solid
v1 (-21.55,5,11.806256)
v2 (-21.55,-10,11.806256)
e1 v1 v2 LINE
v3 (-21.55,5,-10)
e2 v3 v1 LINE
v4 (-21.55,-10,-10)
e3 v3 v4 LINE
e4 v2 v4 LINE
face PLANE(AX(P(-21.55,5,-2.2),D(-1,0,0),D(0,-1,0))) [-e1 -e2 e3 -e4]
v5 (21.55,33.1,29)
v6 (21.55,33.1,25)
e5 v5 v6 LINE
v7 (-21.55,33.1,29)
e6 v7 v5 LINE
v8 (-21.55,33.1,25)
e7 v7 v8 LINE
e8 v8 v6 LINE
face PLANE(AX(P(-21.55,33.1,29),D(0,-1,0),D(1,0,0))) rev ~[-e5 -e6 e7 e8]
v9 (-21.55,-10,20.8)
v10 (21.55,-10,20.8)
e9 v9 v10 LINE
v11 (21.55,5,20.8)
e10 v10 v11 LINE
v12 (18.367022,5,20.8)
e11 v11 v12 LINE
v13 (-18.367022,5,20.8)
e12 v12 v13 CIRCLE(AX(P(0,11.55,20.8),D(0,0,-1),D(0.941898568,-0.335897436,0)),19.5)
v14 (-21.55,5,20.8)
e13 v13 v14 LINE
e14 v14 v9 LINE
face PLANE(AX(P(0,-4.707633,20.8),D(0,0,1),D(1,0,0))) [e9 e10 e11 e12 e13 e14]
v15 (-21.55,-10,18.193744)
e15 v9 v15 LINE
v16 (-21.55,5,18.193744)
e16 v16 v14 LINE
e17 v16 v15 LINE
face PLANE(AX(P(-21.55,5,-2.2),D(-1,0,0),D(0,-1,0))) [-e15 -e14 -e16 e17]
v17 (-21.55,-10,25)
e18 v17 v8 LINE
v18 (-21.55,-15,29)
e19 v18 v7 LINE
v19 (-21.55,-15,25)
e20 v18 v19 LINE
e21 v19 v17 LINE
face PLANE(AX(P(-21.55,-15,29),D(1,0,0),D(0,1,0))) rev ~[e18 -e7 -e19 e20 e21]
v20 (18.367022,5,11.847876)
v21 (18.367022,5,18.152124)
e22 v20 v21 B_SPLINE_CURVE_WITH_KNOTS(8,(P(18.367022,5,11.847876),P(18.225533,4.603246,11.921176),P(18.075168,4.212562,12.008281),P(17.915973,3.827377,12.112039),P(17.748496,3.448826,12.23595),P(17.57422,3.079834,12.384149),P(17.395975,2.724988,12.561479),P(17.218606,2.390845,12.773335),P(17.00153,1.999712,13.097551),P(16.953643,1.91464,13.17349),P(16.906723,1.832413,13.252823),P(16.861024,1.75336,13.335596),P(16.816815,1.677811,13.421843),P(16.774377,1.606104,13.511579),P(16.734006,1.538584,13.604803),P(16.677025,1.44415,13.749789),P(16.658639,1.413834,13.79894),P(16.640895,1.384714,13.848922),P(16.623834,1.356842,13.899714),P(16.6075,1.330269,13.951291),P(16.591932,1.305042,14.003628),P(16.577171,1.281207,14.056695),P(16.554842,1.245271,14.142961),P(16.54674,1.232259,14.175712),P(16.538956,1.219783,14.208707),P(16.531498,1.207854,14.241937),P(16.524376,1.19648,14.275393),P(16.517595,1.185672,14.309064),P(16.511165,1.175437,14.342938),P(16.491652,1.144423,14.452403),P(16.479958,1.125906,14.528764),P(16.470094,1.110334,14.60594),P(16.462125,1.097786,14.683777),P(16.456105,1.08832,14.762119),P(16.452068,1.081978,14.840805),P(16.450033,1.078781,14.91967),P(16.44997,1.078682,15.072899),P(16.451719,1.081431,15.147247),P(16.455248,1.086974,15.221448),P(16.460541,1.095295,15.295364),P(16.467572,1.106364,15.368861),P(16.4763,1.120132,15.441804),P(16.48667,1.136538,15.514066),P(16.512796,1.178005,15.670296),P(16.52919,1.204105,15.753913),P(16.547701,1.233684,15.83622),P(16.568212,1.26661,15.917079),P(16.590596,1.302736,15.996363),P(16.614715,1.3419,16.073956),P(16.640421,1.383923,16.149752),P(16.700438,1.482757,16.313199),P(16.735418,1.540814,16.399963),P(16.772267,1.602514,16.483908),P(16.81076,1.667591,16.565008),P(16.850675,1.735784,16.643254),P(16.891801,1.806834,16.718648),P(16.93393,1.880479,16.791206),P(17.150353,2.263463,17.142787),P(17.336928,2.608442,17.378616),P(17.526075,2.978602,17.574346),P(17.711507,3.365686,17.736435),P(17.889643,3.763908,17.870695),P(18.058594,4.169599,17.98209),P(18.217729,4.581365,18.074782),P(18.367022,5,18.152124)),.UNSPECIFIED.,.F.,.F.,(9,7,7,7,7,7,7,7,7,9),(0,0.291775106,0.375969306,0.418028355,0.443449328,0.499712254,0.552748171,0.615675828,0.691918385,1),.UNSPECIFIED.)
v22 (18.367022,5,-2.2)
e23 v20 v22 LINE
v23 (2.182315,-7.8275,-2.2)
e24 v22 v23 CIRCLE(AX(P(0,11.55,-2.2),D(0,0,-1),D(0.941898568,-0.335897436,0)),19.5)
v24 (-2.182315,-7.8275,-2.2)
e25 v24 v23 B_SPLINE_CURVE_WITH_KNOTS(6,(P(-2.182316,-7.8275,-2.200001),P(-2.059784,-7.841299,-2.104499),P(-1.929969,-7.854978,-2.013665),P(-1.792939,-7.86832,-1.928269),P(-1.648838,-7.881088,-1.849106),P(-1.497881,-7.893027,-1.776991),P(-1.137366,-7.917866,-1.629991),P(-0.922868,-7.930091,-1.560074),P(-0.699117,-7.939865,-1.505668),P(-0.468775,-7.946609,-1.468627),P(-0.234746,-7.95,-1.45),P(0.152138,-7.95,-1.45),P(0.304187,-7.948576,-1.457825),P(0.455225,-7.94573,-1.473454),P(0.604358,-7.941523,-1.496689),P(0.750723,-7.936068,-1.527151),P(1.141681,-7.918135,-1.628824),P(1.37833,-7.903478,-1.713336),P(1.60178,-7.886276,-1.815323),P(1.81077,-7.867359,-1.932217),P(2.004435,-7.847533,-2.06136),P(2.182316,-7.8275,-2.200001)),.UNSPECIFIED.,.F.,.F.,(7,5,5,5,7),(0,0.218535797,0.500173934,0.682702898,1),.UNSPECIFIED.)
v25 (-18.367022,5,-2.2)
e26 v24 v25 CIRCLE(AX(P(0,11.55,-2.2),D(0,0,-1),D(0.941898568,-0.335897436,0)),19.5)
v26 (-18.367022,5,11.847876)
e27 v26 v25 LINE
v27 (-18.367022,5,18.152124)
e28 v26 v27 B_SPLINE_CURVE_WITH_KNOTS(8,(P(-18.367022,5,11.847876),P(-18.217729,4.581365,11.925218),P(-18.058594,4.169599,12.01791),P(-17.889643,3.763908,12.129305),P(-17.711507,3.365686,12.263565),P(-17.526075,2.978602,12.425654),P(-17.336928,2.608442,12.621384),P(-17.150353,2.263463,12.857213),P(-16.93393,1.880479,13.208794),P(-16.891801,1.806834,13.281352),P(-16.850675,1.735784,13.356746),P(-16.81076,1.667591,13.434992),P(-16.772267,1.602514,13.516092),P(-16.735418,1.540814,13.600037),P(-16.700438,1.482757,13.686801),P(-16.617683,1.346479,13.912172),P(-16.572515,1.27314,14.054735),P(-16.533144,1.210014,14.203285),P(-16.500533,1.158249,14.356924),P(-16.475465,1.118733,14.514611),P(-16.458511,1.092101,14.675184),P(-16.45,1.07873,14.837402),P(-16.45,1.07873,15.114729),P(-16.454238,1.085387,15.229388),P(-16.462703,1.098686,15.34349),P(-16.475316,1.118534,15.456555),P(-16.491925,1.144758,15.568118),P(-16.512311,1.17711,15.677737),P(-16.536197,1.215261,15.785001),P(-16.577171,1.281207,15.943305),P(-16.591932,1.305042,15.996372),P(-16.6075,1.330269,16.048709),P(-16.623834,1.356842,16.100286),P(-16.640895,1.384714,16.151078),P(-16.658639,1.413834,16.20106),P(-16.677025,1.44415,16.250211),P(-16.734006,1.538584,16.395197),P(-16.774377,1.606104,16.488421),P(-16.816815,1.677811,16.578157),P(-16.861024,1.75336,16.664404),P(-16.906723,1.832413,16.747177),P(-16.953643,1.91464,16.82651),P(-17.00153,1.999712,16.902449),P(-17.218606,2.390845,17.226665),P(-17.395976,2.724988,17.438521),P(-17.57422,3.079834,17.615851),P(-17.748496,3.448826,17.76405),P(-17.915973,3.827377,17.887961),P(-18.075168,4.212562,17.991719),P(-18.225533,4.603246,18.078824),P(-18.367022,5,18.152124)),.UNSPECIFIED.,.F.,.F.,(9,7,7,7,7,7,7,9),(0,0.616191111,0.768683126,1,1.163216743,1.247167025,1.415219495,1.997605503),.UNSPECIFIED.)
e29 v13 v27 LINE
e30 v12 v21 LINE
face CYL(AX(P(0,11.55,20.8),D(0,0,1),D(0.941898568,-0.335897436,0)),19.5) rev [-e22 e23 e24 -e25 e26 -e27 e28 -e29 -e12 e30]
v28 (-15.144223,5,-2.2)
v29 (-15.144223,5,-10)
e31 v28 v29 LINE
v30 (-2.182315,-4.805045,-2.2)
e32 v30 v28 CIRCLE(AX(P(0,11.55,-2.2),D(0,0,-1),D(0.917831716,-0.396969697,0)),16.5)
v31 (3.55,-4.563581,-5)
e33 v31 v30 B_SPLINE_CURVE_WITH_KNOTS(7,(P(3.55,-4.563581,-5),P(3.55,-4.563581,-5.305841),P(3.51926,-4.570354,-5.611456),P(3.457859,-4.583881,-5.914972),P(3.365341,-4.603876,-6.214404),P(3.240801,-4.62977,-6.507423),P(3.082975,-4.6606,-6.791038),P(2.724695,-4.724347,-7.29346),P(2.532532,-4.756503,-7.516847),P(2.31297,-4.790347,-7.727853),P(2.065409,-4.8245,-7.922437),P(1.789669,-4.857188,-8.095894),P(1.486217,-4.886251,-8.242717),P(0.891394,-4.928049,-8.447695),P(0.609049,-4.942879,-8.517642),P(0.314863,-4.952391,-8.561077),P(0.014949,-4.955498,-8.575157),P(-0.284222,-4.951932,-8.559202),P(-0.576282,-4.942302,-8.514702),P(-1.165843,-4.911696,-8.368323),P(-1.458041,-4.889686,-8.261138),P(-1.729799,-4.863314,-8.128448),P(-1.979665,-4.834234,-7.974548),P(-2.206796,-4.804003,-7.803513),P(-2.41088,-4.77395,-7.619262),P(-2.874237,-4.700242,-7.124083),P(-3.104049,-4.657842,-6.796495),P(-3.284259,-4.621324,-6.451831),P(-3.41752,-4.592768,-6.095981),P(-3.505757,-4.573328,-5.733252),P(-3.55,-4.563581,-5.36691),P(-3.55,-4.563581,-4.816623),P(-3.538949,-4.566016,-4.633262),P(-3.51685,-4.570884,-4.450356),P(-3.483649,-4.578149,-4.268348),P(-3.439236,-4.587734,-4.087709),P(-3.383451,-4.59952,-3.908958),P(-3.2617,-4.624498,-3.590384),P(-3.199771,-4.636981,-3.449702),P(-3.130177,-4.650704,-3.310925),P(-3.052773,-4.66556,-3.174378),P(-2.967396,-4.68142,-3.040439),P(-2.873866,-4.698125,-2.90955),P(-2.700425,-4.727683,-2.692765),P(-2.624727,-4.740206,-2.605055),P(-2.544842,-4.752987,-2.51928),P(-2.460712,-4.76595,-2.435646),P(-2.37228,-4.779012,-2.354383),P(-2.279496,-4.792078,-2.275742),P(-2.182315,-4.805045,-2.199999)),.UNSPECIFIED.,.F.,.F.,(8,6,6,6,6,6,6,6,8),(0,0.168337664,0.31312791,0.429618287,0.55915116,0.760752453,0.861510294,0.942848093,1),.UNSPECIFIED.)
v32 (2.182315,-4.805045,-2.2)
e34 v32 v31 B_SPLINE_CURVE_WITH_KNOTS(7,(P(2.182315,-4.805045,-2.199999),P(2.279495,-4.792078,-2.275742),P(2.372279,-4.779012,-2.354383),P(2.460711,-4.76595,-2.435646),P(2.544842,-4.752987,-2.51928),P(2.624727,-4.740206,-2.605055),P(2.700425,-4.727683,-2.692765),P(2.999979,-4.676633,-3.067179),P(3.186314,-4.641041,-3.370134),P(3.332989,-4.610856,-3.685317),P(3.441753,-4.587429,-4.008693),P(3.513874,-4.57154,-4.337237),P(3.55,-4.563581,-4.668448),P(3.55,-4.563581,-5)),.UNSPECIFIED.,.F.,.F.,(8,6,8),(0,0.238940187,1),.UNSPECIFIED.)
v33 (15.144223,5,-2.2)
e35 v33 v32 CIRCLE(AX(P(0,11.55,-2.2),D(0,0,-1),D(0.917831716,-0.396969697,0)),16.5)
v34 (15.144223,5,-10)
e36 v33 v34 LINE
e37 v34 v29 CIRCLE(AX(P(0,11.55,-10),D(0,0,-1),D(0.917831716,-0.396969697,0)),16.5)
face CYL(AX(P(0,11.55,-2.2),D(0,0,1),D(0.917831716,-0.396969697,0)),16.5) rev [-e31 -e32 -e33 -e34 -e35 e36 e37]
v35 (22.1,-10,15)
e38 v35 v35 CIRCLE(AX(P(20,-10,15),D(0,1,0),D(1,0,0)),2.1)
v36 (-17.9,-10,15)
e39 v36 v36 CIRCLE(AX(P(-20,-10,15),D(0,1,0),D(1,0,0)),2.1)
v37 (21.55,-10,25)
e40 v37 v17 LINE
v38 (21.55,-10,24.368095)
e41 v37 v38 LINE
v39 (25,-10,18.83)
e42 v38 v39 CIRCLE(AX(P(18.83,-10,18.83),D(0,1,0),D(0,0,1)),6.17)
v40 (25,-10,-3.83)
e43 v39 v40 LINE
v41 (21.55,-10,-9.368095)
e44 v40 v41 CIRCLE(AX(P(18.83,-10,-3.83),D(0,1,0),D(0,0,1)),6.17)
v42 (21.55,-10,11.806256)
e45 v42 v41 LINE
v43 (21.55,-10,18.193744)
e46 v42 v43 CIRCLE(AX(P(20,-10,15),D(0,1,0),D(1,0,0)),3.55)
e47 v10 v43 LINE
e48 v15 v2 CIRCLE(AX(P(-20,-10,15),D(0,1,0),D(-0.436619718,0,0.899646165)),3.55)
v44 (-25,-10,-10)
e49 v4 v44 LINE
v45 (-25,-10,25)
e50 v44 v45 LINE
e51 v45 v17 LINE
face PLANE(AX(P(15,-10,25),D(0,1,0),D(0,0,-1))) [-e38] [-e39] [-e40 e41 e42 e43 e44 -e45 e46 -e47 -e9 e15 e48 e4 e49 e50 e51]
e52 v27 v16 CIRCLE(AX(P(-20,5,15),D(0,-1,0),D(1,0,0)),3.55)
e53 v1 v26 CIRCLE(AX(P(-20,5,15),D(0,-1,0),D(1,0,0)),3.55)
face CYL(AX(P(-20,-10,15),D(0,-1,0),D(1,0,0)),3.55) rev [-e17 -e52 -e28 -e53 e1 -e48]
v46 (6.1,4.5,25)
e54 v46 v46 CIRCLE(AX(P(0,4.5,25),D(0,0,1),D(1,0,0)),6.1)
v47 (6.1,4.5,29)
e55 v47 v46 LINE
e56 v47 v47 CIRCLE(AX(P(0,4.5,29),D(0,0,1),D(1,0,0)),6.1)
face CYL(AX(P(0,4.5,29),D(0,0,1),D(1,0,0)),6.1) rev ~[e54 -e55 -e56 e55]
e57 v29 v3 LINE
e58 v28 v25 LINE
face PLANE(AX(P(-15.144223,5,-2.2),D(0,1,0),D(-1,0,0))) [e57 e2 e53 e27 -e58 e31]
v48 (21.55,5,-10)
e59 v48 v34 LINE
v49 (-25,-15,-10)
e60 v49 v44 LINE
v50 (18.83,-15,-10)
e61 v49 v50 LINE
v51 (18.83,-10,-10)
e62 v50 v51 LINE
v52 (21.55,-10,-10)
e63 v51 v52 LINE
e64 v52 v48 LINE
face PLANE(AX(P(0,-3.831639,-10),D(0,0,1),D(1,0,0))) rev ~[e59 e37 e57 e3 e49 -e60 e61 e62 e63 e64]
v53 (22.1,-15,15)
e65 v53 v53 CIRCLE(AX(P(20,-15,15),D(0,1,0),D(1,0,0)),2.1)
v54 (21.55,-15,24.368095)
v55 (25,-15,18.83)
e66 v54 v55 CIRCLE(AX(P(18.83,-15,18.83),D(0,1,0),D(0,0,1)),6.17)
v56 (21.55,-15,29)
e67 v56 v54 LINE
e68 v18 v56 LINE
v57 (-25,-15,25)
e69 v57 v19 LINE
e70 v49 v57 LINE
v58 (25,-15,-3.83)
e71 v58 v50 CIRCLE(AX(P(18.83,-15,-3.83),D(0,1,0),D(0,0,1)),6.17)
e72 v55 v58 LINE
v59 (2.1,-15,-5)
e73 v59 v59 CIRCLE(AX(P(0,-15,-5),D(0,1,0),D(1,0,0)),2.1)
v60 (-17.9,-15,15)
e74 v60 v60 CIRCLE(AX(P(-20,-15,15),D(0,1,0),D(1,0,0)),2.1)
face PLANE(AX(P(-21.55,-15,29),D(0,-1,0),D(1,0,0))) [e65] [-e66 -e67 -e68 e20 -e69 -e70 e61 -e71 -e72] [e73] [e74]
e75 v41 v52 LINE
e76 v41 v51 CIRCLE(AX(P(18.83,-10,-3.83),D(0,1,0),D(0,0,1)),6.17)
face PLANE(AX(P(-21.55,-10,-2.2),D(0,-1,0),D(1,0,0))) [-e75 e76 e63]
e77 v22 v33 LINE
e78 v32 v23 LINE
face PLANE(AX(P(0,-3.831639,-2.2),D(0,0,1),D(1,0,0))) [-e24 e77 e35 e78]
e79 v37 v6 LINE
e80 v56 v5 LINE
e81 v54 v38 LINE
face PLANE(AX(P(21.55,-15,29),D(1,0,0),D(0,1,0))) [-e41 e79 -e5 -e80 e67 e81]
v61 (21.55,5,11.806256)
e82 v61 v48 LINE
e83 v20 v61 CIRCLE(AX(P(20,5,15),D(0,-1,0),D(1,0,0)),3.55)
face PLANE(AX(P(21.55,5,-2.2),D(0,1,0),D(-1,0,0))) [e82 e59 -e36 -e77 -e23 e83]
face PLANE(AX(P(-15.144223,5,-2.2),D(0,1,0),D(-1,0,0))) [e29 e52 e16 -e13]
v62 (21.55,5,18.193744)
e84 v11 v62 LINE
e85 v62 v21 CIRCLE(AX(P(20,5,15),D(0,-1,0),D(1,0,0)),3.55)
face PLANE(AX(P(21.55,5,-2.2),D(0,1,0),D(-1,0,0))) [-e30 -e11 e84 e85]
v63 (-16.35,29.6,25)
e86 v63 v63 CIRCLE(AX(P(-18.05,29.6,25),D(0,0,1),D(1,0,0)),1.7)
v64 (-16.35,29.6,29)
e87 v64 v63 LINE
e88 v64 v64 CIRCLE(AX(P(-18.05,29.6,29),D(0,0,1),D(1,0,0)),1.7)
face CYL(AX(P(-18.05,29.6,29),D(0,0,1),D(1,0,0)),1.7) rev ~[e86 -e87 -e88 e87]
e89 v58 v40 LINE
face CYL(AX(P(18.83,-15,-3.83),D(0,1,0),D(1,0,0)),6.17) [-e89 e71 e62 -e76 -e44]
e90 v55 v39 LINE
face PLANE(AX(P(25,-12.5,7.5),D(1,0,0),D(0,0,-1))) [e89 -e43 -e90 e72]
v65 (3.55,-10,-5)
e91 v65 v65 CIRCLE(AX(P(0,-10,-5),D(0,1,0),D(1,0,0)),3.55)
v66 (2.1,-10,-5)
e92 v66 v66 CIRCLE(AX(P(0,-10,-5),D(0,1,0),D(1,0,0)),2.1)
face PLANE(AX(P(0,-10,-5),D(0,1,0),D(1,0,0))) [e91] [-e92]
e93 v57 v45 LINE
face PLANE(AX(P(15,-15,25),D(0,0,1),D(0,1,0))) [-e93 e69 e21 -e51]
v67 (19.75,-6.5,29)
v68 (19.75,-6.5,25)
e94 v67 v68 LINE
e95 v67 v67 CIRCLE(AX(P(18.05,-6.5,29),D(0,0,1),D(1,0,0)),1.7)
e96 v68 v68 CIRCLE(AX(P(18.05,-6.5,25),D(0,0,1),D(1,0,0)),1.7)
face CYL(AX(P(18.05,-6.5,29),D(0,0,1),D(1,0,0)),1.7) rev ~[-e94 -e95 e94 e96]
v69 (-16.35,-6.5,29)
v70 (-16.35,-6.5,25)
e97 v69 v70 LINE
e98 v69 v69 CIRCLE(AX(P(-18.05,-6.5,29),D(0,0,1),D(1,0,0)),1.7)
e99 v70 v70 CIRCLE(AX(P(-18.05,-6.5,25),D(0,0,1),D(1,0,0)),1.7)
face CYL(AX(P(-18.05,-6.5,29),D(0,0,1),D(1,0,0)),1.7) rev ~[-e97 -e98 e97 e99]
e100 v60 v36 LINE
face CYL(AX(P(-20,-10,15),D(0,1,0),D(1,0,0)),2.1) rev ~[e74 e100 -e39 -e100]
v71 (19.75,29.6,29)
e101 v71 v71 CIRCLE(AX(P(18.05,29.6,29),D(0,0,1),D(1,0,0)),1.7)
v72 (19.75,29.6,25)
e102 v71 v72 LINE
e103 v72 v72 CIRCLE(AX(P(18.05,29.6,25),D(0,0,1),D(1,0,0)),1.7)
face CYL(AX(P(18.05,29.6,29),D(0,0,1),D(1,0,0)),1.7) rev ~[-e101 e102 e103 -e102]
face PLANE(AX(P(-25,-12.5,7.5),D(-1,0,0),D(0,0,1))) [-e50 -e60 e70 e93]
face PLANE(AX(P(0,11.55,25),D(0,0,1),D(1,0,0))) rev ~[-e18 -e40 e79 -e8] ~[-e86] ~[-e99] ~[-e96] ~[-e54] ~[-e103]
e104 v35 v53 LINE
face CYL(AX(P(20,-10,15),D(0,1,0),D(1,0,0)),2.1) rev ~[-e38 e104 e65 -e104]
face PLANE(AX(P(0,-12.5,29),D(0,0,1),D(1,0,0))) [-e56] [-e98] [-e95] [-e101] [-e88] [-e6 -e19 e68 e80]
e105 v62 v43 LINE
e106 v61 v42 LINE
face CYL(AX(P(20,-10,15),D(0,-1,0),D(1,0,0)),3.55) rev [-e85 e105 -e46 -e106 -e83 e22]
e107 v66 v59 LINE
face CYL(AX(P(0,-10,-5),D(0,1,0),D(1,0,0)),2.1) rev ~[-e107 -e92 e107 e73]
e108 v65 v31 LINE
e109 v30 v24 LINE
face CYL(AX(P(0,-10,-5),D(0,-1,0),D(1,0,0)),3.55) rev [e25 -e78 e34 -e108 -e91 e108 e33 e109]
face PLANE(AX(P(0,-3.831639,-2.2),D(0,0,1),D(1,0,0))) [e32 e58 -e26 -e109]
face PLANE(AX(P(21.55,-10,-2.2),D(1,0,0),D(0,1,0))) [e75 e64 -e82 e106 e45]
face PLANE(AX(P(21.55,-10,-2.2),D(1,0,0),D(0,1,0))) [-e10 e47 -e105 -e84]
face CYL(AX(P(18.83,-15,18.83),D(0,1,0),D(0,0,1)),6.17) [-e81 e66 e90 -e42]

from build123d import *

# Parameters (mm, degrees)
SKETCH_1_W          = 30
SKETCH_1_H          = 30
EXTRUDE_1_DEPTH     = 5
SKETCH_2_W          = 30
SKETCH_2_H          = 5
EXTRUDE_2_DEPTH     = 10
SKETCH_3_R          = 2.1
CUT_EXTRUDE_1_DEPTH = 5
EXTRUDE_3_DEPTH     = 20
SKETCH_5_W          = 35
SKETCH_5_H          = 5
EXTRUDE_4_DEPTH     = 10
SKETCH_6_W          = 35
SKETCH_6_H          = 5
EXTRUDE_5_DEPTH     = 10
SKETCH_7_R          = 2.1
CUT_EXTRUDE_2_DEPTH = 10
FILLET_1_R          = 6.17
FILLET_2_R          = 6.17
SKETCH_8_W          = 43.093455854
SKETCH_8_H          = 31.755969384
CUT_EXTRUDE_3_DEPTH = 25
SKETCH_9_W          = 43.1
SKETCH_9_H          = 43.1
SKETCH_9_R          = 6.1
SKETCH_9_R_2        = 1.7
EXTRUDE_6_DEPTH     = 4
EXTRUDE_7_DEPTH     = 23
EXTRUDE_8_DEPTH     = 7.8
CUT_EXTRUDE_START   = -35
SKETCH_12_W         = 51.858978503
SKETCH_12_H         = 9.121001398
CUT_EXTRUDE_4_DEPTH = 35
SKETCH_14_W         = 43.1
SKETCH_14_H         = 5
EXTRUDE_9_DEPTH     = 8.2
SKETCH_15_R         = 2.1
CUT_EXTRUDE_5_DEPTH = 49.1
SKETCH_16_R         = 3.55
CUT_EXTRUDE_6_DEPTH = 44.1


with BuildPart() as part:
    # 스케치1 → 보스-돌출1 (new body)
    with BuildSketch(Plane.XY):
        Rectangle(SKETCH_1_W, SKETCH_1_H)
    extrude(amount=EXTRUDE_1_DEPTH)

    # 스케치2 → 보스-돌출2 (add)
    with BuildSketch(Plane(origin=(0, 0, 0), x_dir=(-1, 0, 0), z_dir=(0, 0, -1))):
        with Locations((0, -12.5)):
            Rectangle(SKETCH_2_W, SKETCH_2_H)
    extrude(amount=EXTRUDE_2_DEPTH)

    # 스케치3 → 컷-돌출1 (cut)
    with BuildSketch(Plane(origin=(0, -10, 0), x_dir=(1, 0, 0), z_dir=(0, 1, 0))):
        with Locations((0, 5)):
            Circle(SKETCH_3_R)
    extrude(amount=-CUT_EXTRUDE_1_DEPTH, mode=Mode.SUBTRACT)

    # 스케치4 → 보스-돌출3 (add)
    with BuildSketch(Plane.XY.offset(5)):
        Polygon((10.2, -15), (15, -15), (15, 15), (-15, 15), (-15, -15), (-10.2, -15), (-10.2, -18.997175384), (10.2, -18.997175384), align=None)
    extrude(amount=EXTRUDE_3_DEPTH)

    # 스케치5 → 보스-돌출4 (add)
    with BuildSketch(Plane.ZY.offset(15)):
        with Locations((7.5, -12.5)):
            Rectangle(SKETCH_5_W, SKETCH_5_H)
    extrude(amount=EXTRUDE_4_DEPTH)

    # 스케치6 → 보스-돌출5 (add)
    with BuildSketch(Plane(origin=(15, 0, 0), x_dir=(0, 0, -1), z_dir=(1, 0, 0))):
        with Locations((-7.5, -12.5)):
            Rectangle(SKETCH_6_W, SKETCH_6_H)
    extrude(amount=EXTRUDE_5_DEPTH)

    # 스케치7 → 컷-돌출2 (cut)
    with BuildSketch(Plane(origin=(0, -10, 0), x_dir=(1, 0, 0), z_dir=(0, 1, 0))):
        with Locations((-20, -15)):
            Circle(SKETCH_7_R)
        with Locations((20, -15)):
            Circle(SKETCH_7_R)
    extrude(amount=-CUT_EXTRUDE_2_DEPTH, mode=Mode.SUBTRACT)

    # 필렛1
    fillet_1_edges = [part.edges().sort_by_distance(p)[0] for p in [
        (25, -12.5, 25),
    ]]
    fillet(fillet_1_edges, radius=FILLET_1_R)

    # 필렛2
    fillet_2_edges = [part.edges().sort_by_distance(p)[0] for p in [
        (25, -12.5, -10),
    ]]
    fillet(fillet_2_edges, radius=FILLET_2_R)

    # 스케치8 → 컷-돌출3 (cut)
    with BuildSketch(Plane(origin=(0, 15, 0), x_dir=(1, 0, 0), z_dir=(0, 1, 0))):
        with Locations((-0.577881592, -10.851708682)):
            Rectangle(SKETCH_8_W, SKETCH_8_H)
    extrude(amount=-CUT_EXTRUDE_3_DEPTH, mode=Mode.SUBTRACT)

    # 스케치12 → 컷-돌출4 (cut)
    with BuildSketch(Plane.XY.offset(25).offset(CUT_EXTRUDE_START)):
        with Locations((0.929489252, -19.560500699)):
            Rectangle(SKETCH_12_W, SKETCH_12_H)
    extrude(amount=CUT_EXTRUDE_4_DEPTH, mode=Mode.SUBTRACT)



with BuildPart() as body_2:
    # 스케치9 → 보스-돌출6 (new body)
    with BuildSketch(Plane.XY.offset(29)):
        with Locations((0, 11.55)):
            Rectangle(SKETCH_9_W, SKETCH_9_H)
        with Locations((0, 4.5)):
            Circle(SKETCH_9_R, mode=Mode.SUBTRACT)
        with Locations((18.05, 29.6)):
            Circle(SKETCH_9_R_2, mode=Mode.SUBTRACT)
        with Locations((18.05, -6.5)):
            Circle(SKETCH_9_R_2, mode=Mode.SUBTRACT)
        with Locations((-18.05, -6.5)):
            Circle(SKETCH_9_R_2, mode=Mode.SUBTRACT)
        with Locations((-18.05, 29.6)):
            Circle(SKETCH_9_R_2, mode=Mode.SUBTRACT)
    extrude(amount=-EXTRUDE_6_DEPTH)


with BuildPart() as body_3:
    # 스케치10 → 보스-돌출7 (new body)
    with BuildSketch(Plane(origin=(0, 0, 20.8), x_dir=(-1, 0, 0), z_dir=(0, 0, -1))):
        with BuildLine():
            Line((-21.55, 5), (-18.367022078, 5))
            ThreePointArc((-18.367022078, 5), (0, -7.95), (18.367022078, 5))
            Line((18.367022078, 5), (21.55, 5))
            Line((21.55, 5), (21.55, -10))
            Line((21.55, -10), (-21.55, -10))
            Line((-21.55, -10), (-21.55, 5))
        make_face()
    extrude(amount=EXTRUDE_7_DEPTH)

    # 스케치11 → 보스-돌출8 (add)
    with BuildSketch(Plane(origin=(0, 0, -2.2), x_dir=(-1, 0, 0), z_dir=(0, 0, -1))):
        with BuildLine():
            Line((-21.55, 5), (-15.144223321, 5))
            ThreePointArc((-15.144223321, 5), (0, -4.95), (15.144223321, 5))
            Line((15.144223321, 5), (21.55, 5))
            Line((21.55, 5), (21.55, -10))
            Line((21.55, -10), (-21.55, -10))
            Line((-21.55, -10), (-21.55, 5))
        make_face()
    extrude(amount=EXTRUDE_8_DEPTH)


with BuildPart() as part_1:
    add(part.part)

    add(body_2.part)  # 보스-돌출9 merges body 2

    add(body_3.part)  # 보스-돌출9 merges body 3
    # 스케치14 → 보스-돌출9 (add)
    with BuildSketch(Plane.XY.offset(29)):
        with Locations((0, -12.5)):
            Rectangle(SKETCH_14_W, SKETCH_14_H)
    extrude(amount=-EXTRUDE_9_DEPTH)

    # 스케치15 → 컷-돌출5 (cut, through all)
    with BuildSketch(Plane.XZ.offset(15)):
        with Locations((-20, 15)):
            Circle(SKETCH_15_R)
        with Locations((0, -5)):
            Circle(SKETCH_15_R)
        with Locations((20, 15)):
            Circle(SKETCH_15_R)
    extrude(amount=-CUT_EXTRUDE_5_DEPTH, mode=Mode.SUBTRACT)

    # 스케치16 → 컷-돌출6 (cut, through all)
    with BuildSketch(Plane(origin=(0, -10, 0), x_dir=(1, 0, 0), z_dir=(0, 1, 0))):
        with Locations((20, -15)):
            Circle(SKETCH_16_R)
        with Locations((0, 5)):
            Circle(SKETCH_16_R)
        with Locations((-20, -15)):
            Circle(SKETCH_16_R)
    extrude(amount=CUT_EXTRUDE_6_DEPTH, mode=Mode.SUBTRACT)


solid = part_1.part
